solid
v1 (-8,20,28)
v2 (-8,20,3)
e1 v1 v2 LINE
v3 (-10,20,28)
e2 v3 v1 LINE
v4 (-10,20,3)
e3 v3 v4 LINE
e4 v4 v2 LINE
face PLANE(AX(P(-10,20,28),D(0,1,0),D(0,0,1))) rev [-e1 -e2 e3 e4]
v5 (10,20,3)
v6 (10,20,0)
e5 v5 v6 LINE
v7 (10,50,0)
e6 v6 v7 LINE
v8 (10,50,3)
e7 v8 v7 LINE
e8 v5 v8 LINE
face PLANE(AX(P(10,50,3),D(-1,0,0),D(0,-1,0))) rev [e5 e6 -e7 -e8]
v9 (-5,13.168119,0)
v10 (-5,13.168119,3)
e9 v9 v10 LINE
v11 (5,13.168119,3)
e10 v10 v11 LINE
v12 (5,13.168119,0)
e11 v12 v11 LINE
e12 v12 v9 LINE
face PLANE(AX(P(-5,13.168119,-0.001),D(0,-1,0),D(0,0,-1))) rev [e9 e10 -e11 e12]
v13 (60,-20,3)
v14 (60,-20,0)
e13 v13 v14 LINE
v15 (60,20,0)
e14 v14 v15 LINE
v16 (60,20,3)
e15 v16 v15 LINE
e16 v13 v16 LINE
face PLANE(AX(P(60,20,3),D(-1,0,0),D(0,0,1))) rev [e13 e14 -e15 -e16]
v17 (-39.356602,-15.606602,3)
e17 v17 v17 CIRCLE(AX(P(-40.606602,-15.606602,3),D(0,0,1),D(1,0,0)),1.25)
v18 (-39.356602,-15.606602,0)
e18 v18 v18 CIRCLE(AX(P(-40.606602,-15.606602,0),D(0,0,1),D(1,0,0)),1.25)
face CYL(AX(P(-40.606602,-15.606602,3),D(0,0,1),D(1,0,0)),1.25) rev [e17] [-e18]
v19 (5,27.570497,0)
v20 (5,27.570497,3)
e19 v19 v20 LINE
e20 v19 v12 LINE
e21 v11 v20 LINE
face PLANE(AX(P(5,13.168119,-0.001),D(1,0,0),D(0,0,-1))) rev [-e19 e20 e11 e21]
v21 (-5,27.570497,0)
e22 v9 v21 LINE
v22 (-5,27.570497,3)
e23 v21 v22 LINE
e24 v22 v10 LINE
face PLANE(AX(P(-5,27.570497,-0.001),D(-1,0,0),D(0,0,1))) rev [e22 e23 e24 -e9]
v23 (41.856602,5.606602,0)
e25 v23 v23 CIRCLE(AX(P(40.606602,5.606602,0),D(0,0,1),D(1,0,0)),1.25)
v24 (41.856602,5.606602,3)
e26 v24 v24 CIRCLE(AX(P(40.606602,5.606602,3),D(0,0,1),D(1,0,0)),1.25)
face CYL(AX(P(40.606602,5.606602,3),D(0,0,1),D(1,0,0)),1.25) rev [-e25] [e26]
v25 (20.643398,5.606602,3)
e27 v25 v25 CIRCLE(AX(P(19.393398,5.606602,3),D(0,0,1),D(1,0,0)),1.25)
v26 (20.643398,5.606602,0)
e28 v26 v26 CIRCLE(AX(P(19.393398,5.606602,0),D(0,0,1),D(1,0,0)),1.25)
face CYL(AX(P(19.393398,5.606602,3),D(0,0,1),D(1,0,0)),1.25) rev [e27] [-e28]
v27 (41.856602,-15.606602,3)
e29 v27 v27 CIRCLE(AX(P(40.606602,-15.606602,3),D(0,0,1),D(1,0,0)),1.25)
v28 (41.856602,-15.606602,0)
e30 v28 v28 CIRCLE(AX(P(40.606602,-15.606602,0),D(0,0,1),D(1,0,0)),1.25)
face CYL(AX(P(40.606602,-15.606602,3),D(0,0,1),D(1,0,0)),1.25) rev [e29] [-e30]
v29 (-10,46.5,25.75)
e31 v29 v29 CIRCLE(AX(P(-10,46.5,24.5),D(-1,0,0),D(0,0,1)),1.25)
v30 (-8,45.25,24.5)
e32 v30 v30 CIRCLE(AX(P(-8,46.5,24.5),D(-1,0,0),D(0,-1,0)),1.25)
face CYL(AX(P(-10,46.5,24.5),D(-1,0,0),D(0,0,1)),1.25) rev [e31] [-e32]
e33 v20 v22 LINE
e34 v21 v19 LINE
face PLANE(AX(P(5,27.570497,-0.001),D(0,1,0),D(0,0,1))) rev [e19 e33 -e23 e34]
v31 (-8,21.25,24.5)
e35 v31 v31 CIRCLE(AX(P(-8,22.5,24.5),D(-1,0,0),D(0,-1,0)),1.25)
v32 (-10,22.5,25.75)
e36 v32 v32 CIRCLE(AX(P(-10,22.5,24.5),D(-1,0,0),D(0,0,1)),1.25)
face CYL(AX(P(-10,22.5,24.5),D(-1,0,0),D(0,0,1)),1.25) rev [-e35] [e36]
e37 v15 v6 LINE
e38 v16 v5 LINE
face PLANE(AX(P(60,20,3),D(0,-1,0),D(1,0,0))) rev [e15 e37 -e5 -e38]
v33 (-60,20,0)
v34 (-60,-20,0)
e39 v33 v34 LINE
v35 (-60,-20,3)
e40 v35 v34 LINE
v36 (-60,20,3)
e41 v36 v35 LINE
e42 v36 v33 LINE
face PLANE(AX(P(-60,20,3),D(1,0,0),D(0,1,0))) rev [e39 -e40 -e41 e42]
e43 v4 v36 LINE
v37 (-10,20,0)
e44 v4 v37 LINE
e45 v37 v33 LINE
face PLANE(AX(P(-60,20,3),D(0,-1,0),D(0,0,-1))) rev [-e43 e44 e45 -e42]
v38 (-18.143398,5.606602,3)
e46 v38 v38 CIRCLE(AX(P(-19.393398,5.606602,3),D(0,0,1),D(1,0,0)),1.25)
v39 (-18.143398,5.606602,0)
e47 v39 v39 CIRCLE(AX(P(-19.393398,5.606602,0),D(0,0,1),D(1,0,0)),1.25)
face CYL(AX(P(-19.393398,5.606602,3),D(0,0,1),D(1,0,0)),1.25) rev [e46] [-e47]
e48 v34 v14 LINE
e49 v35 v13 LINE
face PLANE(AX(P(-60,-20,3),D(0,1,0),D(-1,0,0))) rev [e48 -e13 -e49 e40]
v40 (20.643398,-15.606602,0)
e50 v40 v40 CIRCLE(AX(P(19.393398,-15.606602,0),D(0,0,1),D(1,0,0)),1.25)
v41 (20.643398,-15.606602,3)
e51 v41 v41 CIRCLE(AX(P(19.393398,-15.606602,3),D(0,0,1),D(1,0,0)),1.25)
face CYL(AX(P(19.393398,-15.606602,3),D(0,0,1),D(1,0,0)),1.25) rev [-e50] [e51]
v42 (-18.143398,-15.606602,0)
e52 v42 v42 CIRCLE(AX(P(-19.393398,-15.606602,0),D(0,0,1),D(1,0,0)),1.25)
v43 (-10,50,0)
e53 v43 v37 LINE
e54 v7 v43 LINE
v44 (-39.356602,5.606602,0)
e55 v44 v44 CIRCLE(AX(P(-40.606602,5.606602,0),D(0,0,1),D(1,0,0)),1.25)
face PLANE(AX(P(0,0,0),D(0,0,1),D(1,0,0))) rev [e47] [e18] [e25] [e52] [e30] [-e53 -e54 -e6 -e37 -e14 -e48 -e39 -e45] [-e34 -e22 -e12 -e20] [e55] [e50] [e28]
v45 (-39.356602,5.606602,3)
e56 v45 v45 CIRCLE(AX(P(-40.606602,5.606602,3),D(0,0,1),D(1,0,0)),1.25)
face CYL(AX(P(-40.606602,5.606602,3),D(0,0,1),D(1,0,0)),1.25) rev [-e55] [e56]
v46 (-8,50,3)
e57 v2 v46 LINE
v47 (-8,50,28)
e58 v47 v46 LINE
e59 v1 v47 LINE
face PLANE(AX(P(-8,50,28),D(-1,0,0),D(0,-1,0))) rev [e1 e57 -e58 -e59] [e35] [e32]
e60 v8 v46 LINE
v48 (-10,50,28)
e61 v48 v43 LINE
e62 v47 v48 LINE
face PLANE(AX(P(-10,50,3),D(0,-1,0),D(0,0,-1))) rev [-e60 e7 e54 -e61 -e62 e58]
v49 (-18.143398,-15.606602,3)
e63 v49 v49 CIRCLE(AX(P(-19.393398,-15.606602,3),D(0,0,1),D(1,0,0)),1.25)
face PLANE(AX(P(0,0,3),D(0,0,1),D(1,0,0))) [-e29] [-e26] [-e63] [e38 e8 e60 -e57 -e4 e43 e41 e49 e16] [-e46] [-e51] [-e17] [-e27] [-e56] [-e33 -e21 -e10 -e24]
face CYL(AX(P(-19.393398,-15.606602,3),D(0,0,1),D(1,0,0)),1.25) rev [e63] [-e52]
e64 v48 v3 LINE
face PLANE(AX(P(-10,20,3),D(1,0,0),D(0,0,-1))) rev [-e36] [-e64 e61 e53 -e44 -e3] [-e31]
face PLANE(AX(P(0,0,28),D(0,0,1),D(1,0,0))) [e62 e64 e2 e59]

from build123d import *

# Parameters (mm, degrees)
EXTRUDE_1_DEPTH     = 3
SKETCH_2_W          = 2
SKETCH_2_H          = 30
EXTRUDE_2_DEPTH     = 25
CUT_EXTRUDE_1_REACH = 84.006
SKETCH_5_W          = 10
SKETCH_5_H          = 14.402378288
HOLE_WIZARD_M3_2_D  = 2.5
HOLE_WIZARD_M3_3_D  = 2.5


with BuildPart() as part:
    # 草图1 → 凸台-拉伸1 (new body)
    with BuildSketch(Plane.XY):
        Polygon((-60, 20), (-60, -20), (60, -20), (60, 20), (10, 20), (10, 50), (-10, 50), (-10, 20), align=None)
    extrude(amount=EXTRUDE_1_DEPTH)

    # 草图2 → 凸台-拉伸2 (add)
    with BuildSketch(Plane.XY.offset(3)):
        with Locations((-9, 35)):
            Rectangle(SKETCH_2_W, SKETCH_2_H)
    extrude(amount=EXTRUDE_2_DEPTH)

    # 草图5 → 切除-拉伸1 (cut, up to next)
    with BuildSketch(Plane.XY.offset(3), mode=Mode.PRIVATE) as cut_extrude_1_sk1:
        with Locations((0, 20.369307695)):
            Rectangle(SKETCH_5_W, SKETCH_5_H)
    cut_extrude_1_tool1 = extrude(cut_extrude_1_sk1.sketch, amount=-CUT_EXTRUDE_1_REACH, mode=Mode.PRIVATE) & part.part
    add(cut_extrude_1_tool1.solids().sort_by_distance((0, 20.369308, 3))[0], mode=Mode.SUBTRACT)

    # M3 螺纹孔2 (through all)
    with Locations(Plane.ZY.offset(10)):
        with Locations((24.5, 46.5), (24.5, 22.5)):
            Hole(HOLE_WIZARD_M3_2_D / 2)

    # M3 螺纹孔3 (through all)
    with Locations(Plane.XY.offset(3)):
        with Locations((-40.606601718, 5.606601718), (-19.393398282, 5.606601718), (-19.393398282, -15.606601718), (-40.606601718, -15.606601718), (19.393398282, 5.606601718), (40.606601718, 5.606601718), (19.393398282, -15.606601718), (40.606601718, -15.606601718)):
            Hole(HOLE_WIZARD_M3_3_D / 2)


solid = part.part
